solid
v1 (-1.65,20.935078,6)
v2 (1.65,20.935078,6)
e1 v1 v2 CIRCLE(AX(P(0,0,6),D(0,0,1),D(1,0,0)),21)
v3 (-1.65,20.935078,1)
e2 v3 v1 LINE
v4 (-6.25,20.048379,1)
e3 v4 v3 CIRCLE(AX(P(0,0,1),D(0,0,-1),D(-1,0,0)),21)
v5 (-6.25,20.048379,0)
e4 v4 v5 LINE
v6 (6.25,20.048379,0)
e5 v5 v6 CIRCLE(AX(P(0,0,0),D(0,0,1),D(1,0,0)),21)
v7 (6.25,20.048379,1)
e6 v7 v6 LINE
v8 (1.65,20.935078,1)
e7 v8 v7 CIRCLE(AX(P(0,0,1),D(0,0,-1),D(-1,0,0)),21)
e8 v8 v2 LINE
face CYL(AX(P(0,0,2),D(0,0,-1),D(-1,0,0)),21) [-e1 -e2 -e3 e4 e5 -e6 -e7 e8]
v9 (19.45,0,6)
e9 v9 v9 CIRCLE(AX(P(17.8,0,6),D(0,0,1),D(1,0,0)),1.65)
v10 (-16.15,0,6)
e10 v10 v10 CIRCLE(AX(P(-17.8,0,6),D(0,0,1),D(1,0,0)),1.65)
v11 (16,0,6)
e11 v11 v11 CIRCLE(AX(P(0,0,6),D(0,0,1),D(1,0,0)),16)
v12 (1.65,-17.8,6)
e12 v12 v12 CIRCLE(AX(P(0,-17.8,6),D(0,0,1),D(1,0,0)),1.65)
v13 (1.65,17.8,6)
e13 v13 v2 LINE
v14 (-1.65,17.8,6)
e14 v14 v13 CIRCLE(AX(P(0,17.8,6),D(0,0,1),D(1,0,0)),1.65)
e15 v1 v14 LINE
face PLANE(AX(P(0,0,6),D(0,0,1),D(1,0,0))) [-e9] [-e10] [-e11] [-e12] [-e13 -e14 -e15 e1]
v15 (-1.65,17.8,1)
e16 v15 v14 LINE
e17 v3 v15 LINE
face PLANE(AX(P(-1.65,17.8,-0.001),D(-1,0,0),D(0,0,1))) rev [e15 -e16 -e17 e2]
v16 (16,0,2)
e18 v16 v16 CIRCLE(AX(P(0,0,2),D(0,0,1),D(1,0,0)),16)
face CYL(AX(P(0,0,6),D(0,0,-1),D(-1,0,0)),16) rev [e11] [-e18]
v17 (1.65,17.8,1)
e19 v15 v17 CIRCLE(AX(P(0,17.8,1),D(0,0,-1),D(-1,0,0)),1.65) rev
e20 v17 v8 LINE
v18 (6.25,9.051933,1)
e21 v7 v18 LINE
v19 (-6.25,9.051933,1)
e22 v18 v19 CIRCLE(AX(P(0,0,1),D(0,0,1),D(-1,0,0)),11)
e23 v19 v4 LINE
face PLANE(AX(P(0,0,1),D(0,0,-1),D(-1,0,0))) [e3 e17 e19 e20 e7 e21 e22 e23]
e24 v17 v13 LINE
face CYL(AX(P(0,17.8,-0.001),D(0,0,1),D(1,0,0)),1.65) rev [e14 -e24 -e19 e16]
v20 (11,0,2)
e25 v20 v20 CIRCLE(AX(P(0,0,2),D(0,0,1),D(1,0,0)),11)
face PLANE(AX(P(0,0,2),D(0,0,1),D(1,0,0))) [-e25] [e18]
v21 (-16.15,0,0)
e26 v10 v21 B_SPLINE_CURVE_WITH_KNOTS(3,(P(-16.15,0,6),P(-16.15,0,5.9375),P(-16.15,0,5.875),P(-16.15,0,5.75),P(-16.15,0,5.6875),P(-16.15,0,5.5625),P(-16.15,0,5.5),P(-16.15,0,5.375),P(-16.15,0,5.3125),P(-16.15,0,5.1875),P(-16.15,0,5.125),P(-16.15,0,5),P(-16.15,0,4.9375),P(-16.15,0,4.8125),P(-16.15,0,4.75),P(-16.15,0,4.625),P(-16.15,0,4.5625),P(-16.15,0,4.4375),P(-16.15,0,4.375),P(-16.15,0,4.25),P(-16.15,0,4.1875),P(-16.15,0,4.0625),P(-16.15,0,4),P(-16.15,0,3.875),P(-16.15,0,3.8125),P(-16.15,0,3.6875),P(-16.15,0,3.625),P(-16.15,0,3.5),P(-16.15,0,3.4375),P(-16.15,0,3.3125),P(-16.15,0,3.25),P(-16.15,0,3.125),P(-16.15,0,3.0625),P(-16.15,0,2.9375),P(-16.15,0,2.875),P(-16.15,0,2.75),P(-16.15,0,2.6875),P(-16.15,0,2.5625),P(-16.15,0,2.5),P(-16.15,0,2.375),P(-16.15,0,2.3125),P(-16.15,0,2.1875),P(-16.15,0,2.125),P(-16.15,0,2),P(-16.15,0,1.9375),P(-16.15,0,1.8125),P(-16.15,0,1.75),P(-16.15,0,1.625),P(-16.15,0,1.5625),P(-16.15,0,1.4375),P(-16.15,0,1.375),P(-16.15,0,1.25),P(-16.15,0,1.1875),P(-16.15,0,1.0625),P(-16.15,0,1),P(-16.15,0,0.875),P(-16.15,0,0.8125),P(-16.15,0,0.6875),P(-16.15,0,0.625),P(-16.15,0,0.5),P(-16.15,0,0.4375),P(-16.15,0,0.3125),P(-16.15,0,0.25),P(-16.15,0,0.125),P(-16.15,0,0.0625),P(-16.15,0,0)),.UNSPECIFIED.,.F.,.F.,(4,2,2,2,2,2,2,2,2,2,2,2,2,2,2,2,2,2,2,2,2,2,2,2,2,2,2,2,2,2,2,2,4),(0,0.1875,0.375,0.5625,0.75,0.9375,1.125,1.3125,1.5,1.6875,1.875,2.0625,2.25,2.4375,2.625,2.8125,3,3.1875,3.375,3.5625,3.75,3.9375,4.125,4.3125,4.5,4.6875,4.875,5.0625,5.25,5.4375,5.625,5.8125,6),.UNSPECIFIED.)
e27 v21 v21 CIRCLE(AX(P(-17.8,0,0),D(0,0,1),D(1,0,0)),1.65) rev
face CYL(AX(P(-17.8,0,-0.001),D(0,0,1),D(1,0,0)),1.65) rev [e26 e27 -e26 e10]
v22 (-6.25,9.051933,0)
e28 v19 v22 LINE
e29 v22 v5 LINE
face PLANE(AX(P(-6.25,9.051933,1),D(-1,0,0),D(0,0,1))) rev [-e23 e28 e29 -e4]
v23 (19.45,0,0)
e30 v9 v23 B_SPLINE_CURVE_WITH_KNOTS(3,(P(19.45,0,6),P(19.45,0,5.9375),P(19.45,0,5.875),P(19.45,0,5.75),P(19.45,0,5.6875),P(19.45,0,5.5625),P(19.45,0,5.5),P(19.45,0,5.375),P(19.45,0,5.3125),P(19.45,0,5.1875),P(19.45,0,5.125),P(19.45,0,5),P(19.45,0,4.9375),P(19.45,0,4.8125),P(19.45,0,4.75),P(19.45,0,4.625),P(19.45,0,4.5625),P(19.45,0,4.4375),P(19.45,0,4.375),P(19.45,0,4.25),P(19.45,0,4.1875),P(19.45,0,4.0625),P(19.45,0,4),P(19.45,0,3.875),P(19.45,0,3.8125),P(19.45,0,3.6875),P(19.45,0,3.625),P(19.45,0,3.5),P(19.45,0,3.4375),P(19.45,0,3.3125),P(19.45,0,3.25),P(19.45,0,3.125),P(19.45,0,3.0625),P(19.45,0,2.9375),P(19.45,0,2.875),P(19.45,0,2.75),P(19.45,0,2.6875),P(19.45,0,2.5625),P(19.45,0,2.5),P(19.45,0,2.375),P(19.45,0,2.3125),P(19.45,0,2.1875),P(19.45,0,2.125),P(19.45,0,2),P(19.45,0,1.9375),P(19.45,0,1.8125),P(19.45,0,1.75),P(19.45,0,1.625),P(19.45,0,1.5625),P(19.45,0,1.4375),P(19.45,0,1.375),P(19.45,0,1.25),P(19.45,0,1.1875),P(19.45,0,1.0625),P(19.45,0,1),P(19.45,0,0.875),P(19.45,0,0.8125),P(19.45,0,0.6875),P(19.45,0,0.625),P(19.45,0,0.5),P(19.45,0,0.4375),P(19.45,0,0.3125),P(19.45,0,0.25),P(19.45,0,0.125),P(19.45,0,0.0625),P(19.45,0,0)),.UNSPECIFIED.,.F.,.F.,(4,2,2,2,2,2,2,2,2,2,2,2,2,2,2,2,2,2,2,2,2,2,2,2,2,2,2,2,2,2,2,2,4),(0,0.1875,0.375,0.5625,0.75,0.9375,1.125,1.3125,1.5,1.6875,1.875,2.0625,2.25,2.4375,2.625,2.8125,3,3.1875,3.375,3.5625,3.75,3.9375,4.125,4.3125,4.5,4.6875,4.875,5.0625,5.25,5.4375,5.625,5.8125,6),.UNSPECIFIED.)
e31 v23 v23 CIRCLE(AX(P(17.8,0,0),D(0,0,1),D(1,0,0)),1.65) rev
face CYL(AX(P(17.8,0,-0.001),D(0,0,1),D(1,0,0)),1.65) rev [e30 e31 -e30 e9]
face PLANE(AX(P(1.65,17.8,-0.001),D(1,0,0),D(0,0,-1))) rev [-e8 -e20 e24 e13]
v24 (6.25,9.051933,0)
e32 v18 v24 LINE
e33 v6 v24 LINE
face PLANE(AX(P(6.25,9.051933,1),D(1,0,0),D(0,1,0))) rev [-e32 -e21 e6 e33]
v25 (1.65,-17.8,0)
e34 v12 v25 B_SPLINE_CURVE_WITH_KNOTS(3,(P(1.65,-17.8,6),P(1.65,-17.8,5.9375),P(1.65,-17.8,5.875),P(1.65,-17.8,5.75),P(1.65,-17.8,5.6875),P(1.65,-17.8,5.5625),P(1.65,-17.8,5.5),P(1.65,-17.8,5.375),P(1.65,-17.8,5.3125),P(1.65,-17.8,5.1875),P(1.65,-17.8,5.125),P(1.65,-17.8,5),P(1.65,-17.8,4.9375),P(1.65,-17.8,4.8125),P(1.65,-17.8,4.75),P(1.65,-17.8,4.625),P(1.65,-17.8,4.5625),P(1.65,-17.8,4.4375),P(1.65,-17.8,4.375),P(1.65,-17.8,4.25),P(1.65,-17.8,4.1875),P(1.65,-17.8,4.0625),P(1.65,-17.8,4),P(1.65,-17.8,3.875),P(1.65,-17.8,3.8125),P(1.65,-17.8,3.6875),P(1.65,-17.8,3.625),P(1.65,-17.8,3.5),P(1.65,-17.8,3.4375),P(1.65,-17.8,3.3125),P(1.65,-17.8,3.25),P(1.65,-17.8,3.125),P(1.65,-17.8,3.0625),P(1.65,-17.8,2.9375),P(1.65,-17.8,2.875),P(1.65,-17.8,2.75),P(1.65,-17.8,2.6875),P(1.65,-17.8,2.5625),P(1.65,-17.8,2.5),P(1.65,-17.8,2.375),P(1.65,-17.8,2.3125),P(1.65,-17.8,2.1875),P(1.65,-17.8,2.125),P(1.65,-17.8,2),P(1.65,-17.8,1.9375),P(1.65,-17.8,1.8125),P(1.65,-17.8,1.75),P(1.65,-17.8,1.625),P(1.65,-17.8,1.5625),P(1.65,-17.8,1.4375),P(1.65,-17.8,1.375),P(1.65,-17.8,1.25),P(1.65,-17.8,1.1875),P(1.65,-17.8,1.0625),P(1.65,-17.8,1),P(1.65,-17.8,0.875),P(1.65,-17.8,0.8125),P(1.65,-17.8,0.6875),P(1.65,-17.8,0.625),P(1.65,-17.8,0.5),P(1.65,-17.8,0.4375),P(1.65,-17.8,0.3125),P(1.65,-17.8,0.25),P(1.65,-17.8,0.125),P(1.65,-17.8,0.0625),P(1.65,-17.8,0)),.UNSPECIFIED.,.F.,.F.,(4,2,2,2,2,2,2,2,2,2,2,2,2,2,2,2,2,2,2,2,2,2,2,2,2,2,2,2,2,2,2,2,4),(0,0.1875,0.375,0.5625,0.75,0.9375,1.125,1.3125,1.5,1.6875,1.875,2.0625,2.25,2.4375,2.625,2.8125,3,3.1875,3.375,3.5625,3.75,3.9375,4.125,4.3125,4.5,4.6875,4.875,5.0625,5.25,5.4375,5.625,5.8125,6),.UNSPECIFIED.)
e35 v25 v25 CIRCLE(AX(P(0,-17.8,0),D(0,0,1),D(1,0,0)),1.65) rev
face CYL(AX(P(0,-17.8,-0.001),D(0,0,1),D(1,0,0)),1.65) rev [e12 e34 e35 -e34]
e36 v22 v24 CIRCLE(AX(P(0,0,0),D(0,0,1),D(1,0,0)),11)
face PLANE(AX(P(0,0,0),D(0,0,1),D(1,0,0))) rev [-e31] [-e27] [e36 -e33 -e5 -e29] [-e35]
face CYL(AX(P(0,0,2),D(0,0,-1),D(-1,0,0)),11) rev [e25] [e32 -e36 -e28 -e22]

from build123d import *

# Parameters (mm, degrees)
SKETCH_1_R          = 21
SKETCH_1_R_2        = 11
EXTRUDE_1_DEPTH     = 2
SKETCH_2_R          = 21
SKETCH_2_R_2        = 16
EXTRUDE_2_DEPTH     = 4
CUT_EXTRUDE_1_REACH = 32.299
SKETCH_3_R          = 1.65
CUT_EXTRUDE_2_REACH = 32.299
CUT_EXTRUDE_3_DEPTH = 1


with BuildPart() as part:
    # 草图1 → 凸台-拉伸1 (new body)
    with BuildSketch(Plane.XY):
        Circle(SKETCH_1_R)
        Circle(SKETCH_1_R_2, mode=Mode.SUBTRACT)
    extrude(amount=EXTRUDE_1_DEPTH)

    # 草图2 → 凸台-拉伸2 (add)
    with BuildSketch(Plane.XY.offset(2)):
        Circle(SKETCH_2_R)
        Circle(SKETCH_2_R_2, mode=Mode.SUBTRACT)
    extrude(amount=EXTRUDE_2_DEPTH)

    # 草图3 → 切除-拉伸1 (cut, up to next)
    with BuildSketch(Plane.XY.offset(6), mode=Mode.PRIVATE) as cut_extrude_1_sk1:
        with Locations((17.8, 0)):
            Circle(SKETCH_3_R)
    cut_extrude_1_tool1 = extrude(cut_extrude_1_sk1.sketch, amount=-CUT_EXTRUDE_1_REACH, mode=Mode.PRIVATE) & part.part
    # 草图3 → 切除-拉伸1 (cut, up to next)
    with BuildSketch(Plane.XY.offset(6), mode=Mode.PRIVATE) as cut_extrude_1_sk2:
        with Locations((0, -17.8)):
            Circle(SKETCH_3_R)
    cut_extrude_1_tool2 = extrude(cut_extrude_1_sk2.sketch, amount=-CUT_EXTRUDE_1_REACH, mode=Mode.PRIVATE) & part.part
    # 草图3 → 切除-拉伸1 (cut, up to next)
    with BuildSketch(Plane.XY.offset(6), mode=Mode.PRIVATE) as cut_extrude_1_sk3:
        with Locations((-17.8, 0)):
            Circle(SKETCH_3_R)
    cut_extrude_1_tool3 = extrude(cut_extrude_1_sk3.sketch, amount=-CUT_EXTRUDE_1_REACH, mode=Mode.PRIVATE) & part.part
    # 草图3 → 切除-拉伸1 (cut, up to next)
    with BuildSketch(Plane.XY.offset(6), mode=Mode.PRIVATE) as cut_extrude_1_sk4:
        with Locations((0, 17.8)):
            Circle(SKETCH_3_R)
    cut_extrude_1_tool4 = extrude(cut_extrude_1_sk4.sketch, amount=-CUT_EXTRUDE_1_REACH, mode=Mode.PRIVATE) & part.part
    add(cut_extrude_1_tool1.solids().sort_by_distance((17.8, 0, 6))[0], mode=Mode.SUBTRACT)
    add(cut_extrude_1_tool2.solids().sort_by_distance((0, -17.8, 6))[0], mode=Mode.SUBTRACT)
    add(cut_extrude_1_tool3.solids().sort_by_distance((-17.8, 0, 6))[0], mode=Mode.SUBTRACT)
    add(cut_extrude_1_tool4.solids().sort_by_distance((0, 17.8, 6))[0], mode=Mode.SUBTRACT)

    # 草图5 → 切除-拉伸2 (cut, up to next)
    with BuildSketch(Plane.XY.offset(6), mode=Mode.PRIVATE) as cut_extrude_2_sk1:
        with BuildLine():
            Line((-1.65, 17.8), (-1.65, 20.935078218))
            ThreePointArc((-1.65, 20.935078218), (0, 21), (1.65, 20.935078218))
            Line((1.65, 20.935078218), (1.65, 17.8))
            ThreePointArc((1.65, 17.8), (0, 19.45), (-1.65, 17.8))
        make_face()
    cut_extrude_2_tool1 = extrude(cut_extrude_2_sk1.sketch, amount=-CUT_EXTRUDE_2_REACH, mode=Mode.PRIVATE) & part.part
    add(cut_extrude_2_tool1.solids().sort_by_distance((0, 20.001216, 6))[0], mode=Mode.SUBTRACT)

    # 草图6 → 切除-拉伸3 (cut)
    with BuildSketch(Plane(origin=(0, 0, 0), x_dir=(-1, 0, 0), z_dir=(0, 0, -1))):
        with BuildLine():
            Line((-6.25, 9.051933495), (-6.25, 20.048378987))
            ThreePointArc((-6.25, 20.048378987), (0, 21), (6.25, 20.048378987))
            Line((6.25, 20.048378987), (6.25, 9.051933495))
            ThreePointArc((6.25, 9.051933495), (0, 11), (-6.25, 9.051933495))
        make_face()
    extrude(amount=-CUT_EXTRUDE_3_DEPTH, mode=Mode.SUBTRACT)


solid = part.part
